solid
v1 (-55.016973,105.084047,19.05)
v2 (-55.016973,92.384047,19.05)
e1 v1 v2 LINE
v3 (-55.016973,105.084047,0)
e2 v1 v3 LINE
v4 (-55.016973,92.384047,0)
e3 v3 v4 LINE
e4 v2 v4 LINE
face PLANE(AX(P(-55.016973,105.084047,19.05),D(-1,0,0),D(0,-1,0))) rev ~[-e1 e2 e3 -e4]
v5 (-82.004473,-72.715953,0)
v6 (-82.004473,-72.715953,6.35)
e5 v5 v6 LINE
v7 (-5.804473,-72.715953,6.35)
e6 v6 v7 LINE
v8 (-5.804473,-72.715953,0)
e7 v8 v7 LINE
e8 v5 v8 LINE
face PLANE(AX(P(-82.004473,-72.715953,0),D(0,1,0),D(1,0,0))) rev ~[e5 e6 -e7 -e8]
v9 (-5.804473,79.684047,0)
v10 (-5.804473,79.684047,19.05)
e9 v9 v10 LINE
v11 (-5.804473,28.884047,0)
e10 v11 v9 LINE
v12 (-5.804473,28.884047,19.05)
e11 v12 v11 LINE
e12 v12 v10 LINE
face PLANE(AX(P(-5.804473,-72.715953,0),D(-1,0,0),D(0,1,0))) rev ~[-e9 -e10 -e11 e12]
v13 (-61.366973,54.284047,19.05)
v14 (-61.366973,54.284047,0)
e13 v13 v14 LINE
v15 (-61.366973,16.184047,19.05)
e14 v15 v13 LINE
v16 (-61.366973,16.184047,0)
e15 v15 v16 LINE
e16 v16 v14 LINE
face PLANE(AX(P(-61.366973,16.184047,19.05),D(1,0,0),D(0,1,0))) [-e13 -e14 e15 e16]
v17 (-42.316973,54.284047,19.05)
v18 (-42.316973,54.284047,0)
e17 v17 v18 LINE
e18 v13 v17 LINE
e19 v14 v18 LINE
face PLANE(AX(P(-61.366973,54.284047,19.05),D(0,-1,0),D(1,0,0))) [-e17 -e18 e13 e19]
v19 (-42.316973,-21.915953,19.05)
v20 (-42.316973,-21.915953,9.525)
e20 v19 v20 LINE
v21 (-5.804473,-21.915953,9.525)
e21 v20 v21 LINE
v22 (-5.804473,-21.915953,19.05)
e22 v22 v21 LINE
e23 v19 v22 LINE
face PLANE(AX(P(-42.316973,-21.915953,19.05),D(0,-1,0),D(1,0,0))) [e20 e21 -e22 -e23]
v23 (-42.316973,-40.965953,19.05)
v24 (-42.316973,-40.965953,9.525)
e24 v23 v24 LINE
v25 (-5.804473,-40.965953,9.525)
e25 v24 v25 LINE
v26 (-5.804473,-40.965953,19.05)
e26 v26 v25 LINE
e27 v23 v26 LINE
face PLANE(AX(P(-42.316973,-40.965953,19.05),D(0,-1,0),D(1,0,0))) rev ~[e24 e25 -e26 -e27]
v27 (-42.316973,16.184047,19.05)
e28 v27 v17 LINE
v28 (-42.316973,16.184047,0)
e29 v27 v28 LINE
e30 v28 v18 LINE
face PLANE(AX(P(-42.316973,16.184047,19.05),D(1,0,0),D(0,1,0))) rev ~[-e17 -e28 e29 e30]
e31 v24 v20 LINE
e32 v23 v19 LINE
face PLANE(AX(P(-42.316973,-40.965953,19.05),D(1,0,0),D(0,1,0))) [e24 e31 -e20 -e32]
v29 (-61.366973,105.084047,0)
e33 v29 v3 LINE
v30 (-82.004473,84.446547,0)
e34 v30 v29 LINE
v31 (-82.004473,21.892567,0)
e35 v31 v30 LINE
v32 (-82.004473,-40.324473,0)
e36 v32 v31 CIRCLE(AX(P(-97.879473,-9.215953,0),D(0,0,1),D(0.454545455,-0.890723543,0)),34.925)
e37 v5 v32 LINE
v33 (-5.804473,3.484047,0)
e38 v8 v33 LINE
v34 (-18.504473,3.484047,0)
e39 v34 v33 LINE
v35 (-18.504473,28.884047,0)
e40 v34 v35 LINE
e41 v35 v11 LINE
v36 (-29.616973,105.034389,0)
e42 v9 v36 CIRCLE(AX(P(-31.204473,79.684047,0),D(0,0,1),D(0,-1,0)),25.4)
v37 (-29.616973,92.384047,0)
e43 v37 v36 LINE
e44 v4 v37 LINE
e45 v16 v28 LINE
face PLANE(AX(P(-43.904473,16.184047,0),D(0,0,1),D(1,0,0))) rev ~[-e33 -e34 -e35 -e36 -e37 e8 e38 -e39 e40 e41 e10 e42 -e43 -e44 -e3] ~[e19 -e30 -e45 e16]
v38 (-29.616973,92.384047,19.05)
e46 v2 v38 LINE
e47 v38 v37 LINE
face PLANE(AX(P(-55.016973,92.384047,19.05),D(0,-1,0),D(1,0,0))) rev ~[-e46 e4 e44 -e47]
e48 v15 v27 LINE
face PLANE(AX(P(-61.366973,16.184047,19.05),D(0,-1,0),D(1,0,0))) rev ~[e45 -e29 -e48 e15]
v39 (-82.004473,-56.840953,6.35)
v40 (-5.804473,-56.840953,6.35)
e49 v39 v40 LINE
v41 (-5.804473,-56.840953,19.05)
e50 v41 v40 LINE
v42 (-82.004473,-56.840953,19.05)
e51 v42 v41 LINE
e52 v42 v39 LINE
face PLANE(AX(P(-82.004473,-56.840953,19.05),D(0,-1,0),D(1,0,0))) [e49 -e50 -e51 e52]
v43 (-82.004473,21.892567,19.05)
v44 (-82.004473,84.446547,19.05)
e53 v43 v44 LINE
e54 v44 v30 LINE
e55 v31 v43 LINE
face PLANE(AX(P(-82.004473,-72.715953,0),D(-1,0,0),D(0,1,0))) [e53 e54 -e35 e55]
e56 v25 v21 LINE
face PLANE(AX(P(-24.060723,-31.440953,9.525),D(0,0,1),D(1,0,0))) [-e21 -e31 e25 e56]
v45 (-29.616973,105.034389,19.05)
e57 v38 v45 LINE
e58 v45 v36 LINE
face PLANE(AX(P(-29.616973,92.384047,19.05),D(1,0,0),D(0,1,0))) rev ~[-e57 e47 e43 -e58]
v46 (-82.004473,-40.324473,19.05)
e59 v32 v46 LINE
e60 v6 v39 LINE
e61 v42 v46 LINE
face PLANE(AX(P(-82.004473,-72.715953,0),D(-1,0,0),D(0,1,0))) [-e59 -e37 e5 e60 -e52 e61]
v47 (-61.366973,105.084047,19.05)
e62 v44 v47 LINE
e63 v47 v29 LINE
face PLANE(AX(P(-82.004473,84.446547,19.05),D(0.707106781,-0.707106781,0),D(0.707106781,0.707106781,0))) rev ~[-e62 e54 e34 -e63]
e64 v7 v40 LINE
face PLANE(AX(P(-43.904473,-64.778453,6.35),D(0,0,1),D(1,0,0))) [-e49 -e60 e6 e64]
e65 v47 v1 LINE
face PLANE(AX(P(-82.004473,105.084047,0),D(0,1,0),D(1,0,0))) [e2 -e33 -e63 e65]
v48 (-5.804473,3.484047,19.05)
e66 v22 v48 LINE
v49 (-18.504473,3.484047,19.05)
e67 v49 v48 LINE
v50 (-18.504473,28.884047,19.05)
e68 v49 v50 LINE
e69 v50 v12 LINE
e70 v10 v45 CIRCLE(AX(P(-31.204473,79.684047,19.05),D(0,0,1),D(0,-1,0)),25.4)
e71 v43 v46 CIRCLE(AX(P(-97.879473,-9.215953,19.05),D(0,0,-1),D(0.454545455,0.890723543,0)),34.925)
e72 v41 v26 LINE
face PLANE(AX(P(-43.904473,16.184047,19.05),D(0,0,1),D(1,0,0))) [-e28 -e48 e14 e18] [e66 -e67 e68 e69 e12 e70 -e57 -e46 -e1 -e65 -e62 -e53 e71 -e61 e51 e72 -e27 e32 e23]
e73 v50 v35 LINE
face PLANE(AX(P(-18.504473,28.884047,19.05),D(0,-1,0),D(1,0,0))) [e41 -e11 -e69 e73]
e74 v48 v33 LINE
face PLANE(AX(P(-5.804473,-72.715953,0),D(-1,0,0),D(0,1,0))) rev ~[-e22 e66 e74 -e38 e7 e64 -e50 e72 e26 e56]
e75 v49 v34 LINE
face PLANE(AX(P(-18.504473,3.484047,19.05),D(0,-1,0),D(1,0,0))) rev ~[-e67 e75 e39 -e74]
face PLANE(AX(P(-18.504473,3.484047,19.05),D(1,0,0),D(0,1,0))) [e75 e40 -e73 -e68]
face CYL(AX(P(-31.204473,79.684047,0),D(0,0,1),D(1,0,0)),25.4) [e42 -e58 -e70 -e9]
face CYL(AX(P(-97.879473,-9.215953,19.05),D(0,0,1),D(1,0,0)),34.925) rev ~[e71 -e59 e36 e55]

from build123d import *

# Parameters (mm, degrees)
F0_W      = 76.2
F0_H      = 177.8
F1_DEPTH  = 19.05
F2_R      = 25.4
F4_DEPTH  = 25.4
F6_DEPTH  = 25.4
F7_W      = 76.2
F7_H      = 15.875
F8_DEPTH  = 12.7
F9_W      = 36.5125
F9_H      = 19.05
F10_DEPTH = 9.525
F11_W     = 12.7
F11_H     = 25.4
F12_DEPTH = 25.4
F13_R     = 34.925
F14_DEPTH = 25.4
F15_W     = 19.05
F15_H     = 38.1
F16_DEPTH = 25.4


with BuildPart() as f1:
    # F0 (on Top) → F1 (new body)
    with BuildSketch(Plane.XY):
        with Locations((-43.904473, 16.184047)):
            Rectangle(F0_W, F0_H)
    extrude(amount=F1_DEPTH)

    # F2
    f2_edges = [f1.edges().sort_by_distance(p)[0] for p in [
        (-5.804473, 105.084047, 9.525),
    ]]
    fillet(f2_edges, radius=F2_R)

    # F3 (on face) → F4 (cut)
    with BuildSketch(Plane.XY.offset(19.05)):
        Polygon((-61.366973, 105.084047), (-82.004473, 105.084047), (-82.004473, 84.446547), align=None)
    extrude(amount=-F4_DEPTH, mode=Mode.SUBTRACT)

    # F5 (on face) → F6 (cut)
    with BuildSketch(Plane.XY.offset(19.05)):
        with BuildLine():
            Line((-31.204473, 105.084047), (-55.016973, 105.084047))
            Line((-55.016973, 105.084047), (-55.016973, 92.384047))
            Line((-55.016973, 92.384047), (-29.616973, 92.384047))
            Line((-29.616973, 92.384047), (-29.616973, 105.034389))
            ThreePointArc((-29.616973, 105.034389), (-30.410334, 105.071629), (-31.204473, 105.084047))
        make_face()
    extrude(amount=-F6_DEPTH, mode=Mode.SUBTRACT)

    # F7 (on face) → F8 (cut)
    with BuildSketch(Plane.XY.offset(19.05)):
        with Locations((-43.904473, -64.778453)):
            Rectangle(F7_W, F7_H)
    extrude(amount=-F8_DEPTH, mode=Mode.SUBTRACT)

    # F9 (on face) → F10 (cut)
    with BuildSketch(Plane.XY.offset(19.05)):
        with Locations((-24.060723, -31.440953)):
            Rectangle(F9_W, F9_H)
    extrude(amount=-F10_DEPTH, mode=Mode.SUBTRACT)

    # F11 (on face) → F12 (cut)
    with BuildSketch(Plane.XY.offset(19.05)):
        with Locations((-12.154473, 16.184047)):
            Rectangle(F11_W, F11_H)
    extrude(amount=-F12_DEPTH, mode=Mode.SUBTRACT)

    # F13 (on face) → F14 (cut)
    with BuildSketch(Plane.XY.offset(19.05)):
        with Locations((-97.879473, -9.215953)):
            Circle(F13_R)
    extrude(amount=-F14_DEPTH, mode=Mode.SUBTRACT)

    # F15 (on face) → F16 (cut)
    with BuildSketch(Plane.XY.offset(19.05)):
        with Locations((-51.841973, 35.234047)):
            Rectangle(F15_W, F15_H)
    extrude(amount=-F16_DEPTH, mode=Mode.SUBTRACT)


solid = f1.part
